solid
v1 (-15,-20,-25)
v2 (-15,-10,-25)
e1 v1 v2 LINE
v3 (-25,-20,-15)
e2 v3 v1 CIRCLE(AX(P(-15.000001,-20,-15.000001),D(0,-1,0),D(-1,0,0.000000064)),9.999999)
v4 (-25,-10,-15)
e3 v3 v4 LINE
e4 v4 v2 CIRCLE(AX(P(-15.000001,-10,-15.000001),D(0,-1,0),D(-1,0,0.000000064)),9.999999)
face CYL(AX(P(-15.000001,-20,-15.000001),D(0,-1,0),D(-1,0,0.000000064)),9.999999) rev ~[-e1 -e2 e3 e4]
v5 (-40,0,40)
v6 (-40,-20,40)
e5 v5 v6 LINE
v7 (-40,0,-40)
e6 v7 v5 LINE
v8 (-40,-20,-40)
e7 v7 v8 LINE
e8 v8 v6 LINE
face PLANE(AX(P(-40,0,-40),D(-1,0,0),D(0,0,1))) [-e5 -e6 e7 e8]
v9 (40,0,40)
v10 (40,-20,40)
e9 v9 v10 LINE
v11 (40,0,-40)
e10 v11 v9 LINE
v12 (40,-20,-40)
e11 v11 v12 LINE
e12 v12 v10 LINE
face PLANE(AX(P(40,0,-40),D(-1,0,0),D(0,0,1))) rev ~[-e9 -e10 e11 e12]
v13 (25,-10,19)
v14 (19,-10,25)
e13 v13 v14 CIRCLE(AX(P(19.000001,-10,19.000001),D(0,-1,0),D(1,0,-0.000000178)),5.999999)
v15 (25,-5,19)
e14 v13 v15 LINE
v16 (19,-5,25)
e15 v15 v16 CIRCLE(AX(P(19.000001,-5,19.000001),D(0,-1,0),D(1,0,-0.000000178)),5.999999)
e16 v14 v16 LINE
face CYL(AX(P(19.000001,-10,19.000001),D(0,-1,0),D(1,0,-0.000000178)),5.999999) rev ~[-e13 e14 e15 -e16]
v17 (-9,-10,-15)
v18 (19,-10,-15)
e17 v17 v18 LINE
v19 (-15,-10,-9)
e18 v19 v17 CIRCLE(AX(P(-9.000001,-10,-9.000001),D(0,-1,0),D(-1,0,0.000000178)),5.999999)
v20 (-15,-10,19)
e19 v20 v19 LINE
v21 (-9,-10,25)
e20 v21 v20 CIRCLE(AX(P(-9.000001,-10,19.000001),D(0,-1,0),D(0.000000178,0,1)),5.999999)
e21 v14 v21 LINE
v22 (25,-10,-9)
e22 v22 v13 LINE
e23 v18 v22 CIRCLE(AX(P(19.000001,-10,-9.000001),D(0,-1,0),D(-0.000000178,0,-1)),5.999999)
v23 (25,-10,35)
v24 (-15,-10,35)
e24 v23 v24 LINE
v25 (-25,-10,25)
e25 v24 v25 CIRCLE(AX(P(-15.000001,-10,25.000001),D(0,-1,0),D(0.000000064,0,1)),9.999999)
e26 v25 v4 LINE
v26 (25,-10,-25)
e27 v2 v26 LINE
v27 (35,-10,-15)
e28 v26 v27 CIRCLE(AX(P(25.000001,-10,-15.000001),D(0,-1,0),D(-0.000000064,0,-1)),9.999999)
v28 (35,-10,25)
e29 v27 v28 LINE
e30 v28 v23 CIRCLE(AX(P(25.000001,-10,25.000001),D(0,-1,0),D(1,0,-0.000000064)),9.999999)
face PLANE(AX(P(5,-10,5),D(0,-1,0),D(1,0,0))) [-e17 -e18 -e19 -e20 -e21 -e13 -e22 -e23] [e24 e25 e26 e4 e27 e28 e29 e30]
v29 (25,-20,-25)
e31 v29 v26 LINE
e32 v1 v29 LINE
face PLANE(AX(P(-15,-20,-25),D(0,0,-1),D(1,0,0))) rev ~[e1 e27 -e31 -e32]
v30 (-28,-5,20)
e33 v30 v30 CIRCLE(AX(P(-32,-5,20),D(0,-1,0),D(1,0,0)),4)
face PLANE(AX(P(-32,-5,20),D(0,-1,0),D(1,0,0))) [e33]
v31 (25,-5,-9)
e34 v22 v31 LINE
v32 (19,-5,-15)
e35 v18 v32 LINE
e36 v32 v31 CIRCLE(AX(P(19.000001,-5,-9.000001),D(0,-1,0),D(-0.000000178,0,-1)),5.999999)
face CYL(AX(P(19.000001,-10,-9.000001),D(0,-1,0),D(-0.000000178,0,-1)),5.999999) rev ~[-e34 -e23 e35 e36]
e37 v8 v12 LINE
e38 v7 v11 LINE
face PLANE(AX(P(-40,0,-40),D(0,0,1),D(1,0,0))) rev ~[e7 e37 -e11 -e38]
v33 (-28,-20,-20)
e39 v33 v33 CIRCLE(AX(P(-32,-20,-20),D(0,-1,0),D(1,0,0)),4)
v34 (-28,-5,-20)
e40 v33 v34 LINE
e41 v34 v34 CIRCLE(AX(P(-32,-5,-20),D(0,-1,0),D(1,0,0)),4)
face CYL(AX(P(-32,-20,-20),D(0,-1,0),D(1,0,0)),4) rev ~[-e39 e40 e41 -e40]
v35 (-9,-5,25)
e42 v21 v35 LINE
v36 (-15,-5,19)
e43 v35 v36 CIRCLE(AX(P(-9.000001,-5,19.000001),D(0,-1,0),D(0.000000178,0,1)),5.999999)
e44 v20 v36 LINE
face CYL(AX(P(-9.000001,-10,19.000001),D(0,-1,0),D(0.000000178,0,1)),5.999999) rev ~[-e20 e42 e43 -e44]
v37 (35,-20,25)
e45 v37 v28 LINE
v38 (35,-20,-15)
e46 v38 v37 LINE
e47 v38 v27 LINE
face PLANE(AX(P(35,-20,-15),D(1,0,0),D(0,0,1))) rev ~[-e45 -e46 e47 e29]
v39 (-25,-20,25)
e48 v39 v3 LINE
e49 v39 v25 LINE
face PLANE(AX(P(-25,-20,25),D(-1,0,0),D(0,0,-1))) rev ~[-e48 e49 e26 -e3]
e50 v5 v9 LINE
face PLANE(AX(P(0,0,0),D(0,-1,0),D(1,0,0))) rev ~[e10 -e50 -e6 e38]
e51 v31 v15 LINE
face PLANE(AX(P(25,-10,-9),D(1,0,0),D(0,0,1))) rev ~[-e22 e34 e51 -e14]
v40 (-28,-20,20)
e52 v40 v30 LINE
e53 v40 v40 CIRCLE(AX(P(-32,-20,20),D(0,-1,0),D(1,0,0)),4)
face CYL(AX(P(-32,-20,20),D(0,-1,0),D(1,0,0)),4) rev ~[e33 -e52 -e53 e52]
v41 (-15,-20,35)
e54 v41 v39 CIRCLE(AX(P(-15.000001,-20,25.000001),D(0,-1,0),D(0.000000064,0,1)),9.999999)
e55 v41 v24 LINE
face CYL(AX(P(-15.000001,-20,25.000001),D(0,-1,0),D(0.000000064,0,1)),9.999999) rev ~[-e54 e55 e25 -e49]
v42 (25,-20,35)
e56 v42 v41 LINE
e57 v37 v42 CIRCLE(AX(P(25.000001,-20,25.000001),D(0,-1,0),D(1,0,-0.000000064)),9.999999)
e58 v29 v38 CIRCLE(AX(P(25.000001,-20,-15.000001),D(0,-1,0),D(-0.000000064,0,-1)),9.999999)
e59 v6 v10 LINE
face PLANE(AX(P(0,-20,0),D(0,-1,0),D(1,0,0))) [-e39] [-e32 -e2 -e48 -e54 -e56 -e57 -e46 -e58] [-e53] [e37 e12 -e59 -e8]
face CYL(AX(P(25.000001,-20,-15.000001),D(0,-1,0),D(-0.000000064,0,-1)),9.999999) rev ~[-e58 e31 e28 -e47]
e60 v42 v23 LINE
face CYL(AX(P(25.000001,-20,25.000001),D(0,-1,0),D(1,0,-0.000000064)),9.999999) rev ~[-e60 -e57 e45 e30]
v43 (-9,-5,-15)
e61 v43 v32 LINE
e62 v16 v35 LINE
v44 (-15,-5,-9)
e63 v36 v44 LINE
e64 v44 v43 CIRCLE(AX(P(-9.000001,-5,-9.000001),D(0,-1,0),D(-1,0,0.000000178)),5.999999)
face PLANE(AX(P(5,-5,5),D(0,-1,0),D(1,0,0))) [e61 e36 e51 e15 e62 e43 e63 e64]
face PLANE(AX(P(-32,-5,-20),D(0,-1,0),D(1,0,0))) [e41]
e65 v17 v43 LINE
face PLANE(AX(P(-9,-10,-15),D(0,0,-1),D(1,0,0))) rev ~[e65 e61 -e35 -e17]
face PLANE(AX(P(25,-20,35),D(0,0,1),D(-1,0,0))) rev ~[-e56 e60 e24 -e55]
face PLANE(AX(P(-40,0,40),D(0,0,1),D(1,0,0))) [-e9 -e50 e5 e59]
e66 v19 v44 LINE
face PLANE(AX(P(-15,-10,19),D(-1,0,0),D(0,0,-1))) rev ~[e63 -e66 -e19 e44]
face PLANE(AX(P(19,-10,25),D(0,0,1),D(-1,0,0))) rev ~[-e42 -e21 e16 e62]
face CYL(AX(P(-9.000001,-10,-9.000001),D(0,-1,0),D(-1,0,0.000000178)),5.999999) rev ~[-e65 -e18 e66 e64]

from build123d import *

# Parameters (mm, degrees)
F0_W     = 80
F0_H     = 80
F1_DEPTH = 20
F2_R     = 4
F3_DEPTH = 15
F5_DEPTH = 10
F7_DEPTH = 5


with BuildPart() as f1:
    # F0 (on Front) → F1 (new body)
    with BuildSketch(Plane.XZ):
        Rectangle(F0_W, F0_H)
    extrude(amount=F1_DEPTH)

    # F2 (on face) → F3 (cut)
    with BuildSketch(Plane.XZ.offset(20)):
        with Locations((-32, 20)):
            Circle(F2_R)
        with Locations((-32, -20)):
            Circle(F2_R)
    extrude(amount=-F3_DEPTH, mode=Mode.SUBTRACT)

    # F4 (on face) → F5 (cut)
    with BuildSketch(Plane.XZ.offset(20)):
        with BuildLine():
            Line((-15, -25), (25, -25))
            ThreePointArc((25, -25), (32.071068, -22.071068), (35, -15))
            Line((35, -15), (35, 25))
            ThreePointArc((35, 25), (32.071068, 32.071068), (25, 35))
            Line((25, 35), (-15, 35))
            ThreePointArc((-15, 35), (-22.071068, 32.071068), (-25, 25))
            Line((-25, 25), (-25, -15))
            ThreePointArc((-25, -15), (-22.071068, -22.071068), (-15, -25))
        make_face()
    extrude(amount=-F5_DEPTH, mode=Mode.SUBTRACT)

    # F6 (on face) → F7 (cut)
    with BuildSketch(Plane.XZ.offset(10)):
        with BuildLine():
            Line((19, 25), (-9, 25))
            ThreePointArc((-9, 25), (-13.242641, 23.242641), (-15, 19))
            Line((-15, 19), (-15, -9))
            ThreePointArc((-15, -9), (-13.242641, -13.242641), (-9, -15))
            Line((-9, -15), (19, -15))
            ThreePointArc((19, -15), (23.242641, -13.242641), (25, -9))
            Line((25, -9), (25, 19))
            ThreePointArc((25, 19), (23.242641, 23.242641), (19, 25))
        make_face()
    extrude(amount=-F7_DEPTH, mode=Mode.SUBTRACT)


solid = f1.part
